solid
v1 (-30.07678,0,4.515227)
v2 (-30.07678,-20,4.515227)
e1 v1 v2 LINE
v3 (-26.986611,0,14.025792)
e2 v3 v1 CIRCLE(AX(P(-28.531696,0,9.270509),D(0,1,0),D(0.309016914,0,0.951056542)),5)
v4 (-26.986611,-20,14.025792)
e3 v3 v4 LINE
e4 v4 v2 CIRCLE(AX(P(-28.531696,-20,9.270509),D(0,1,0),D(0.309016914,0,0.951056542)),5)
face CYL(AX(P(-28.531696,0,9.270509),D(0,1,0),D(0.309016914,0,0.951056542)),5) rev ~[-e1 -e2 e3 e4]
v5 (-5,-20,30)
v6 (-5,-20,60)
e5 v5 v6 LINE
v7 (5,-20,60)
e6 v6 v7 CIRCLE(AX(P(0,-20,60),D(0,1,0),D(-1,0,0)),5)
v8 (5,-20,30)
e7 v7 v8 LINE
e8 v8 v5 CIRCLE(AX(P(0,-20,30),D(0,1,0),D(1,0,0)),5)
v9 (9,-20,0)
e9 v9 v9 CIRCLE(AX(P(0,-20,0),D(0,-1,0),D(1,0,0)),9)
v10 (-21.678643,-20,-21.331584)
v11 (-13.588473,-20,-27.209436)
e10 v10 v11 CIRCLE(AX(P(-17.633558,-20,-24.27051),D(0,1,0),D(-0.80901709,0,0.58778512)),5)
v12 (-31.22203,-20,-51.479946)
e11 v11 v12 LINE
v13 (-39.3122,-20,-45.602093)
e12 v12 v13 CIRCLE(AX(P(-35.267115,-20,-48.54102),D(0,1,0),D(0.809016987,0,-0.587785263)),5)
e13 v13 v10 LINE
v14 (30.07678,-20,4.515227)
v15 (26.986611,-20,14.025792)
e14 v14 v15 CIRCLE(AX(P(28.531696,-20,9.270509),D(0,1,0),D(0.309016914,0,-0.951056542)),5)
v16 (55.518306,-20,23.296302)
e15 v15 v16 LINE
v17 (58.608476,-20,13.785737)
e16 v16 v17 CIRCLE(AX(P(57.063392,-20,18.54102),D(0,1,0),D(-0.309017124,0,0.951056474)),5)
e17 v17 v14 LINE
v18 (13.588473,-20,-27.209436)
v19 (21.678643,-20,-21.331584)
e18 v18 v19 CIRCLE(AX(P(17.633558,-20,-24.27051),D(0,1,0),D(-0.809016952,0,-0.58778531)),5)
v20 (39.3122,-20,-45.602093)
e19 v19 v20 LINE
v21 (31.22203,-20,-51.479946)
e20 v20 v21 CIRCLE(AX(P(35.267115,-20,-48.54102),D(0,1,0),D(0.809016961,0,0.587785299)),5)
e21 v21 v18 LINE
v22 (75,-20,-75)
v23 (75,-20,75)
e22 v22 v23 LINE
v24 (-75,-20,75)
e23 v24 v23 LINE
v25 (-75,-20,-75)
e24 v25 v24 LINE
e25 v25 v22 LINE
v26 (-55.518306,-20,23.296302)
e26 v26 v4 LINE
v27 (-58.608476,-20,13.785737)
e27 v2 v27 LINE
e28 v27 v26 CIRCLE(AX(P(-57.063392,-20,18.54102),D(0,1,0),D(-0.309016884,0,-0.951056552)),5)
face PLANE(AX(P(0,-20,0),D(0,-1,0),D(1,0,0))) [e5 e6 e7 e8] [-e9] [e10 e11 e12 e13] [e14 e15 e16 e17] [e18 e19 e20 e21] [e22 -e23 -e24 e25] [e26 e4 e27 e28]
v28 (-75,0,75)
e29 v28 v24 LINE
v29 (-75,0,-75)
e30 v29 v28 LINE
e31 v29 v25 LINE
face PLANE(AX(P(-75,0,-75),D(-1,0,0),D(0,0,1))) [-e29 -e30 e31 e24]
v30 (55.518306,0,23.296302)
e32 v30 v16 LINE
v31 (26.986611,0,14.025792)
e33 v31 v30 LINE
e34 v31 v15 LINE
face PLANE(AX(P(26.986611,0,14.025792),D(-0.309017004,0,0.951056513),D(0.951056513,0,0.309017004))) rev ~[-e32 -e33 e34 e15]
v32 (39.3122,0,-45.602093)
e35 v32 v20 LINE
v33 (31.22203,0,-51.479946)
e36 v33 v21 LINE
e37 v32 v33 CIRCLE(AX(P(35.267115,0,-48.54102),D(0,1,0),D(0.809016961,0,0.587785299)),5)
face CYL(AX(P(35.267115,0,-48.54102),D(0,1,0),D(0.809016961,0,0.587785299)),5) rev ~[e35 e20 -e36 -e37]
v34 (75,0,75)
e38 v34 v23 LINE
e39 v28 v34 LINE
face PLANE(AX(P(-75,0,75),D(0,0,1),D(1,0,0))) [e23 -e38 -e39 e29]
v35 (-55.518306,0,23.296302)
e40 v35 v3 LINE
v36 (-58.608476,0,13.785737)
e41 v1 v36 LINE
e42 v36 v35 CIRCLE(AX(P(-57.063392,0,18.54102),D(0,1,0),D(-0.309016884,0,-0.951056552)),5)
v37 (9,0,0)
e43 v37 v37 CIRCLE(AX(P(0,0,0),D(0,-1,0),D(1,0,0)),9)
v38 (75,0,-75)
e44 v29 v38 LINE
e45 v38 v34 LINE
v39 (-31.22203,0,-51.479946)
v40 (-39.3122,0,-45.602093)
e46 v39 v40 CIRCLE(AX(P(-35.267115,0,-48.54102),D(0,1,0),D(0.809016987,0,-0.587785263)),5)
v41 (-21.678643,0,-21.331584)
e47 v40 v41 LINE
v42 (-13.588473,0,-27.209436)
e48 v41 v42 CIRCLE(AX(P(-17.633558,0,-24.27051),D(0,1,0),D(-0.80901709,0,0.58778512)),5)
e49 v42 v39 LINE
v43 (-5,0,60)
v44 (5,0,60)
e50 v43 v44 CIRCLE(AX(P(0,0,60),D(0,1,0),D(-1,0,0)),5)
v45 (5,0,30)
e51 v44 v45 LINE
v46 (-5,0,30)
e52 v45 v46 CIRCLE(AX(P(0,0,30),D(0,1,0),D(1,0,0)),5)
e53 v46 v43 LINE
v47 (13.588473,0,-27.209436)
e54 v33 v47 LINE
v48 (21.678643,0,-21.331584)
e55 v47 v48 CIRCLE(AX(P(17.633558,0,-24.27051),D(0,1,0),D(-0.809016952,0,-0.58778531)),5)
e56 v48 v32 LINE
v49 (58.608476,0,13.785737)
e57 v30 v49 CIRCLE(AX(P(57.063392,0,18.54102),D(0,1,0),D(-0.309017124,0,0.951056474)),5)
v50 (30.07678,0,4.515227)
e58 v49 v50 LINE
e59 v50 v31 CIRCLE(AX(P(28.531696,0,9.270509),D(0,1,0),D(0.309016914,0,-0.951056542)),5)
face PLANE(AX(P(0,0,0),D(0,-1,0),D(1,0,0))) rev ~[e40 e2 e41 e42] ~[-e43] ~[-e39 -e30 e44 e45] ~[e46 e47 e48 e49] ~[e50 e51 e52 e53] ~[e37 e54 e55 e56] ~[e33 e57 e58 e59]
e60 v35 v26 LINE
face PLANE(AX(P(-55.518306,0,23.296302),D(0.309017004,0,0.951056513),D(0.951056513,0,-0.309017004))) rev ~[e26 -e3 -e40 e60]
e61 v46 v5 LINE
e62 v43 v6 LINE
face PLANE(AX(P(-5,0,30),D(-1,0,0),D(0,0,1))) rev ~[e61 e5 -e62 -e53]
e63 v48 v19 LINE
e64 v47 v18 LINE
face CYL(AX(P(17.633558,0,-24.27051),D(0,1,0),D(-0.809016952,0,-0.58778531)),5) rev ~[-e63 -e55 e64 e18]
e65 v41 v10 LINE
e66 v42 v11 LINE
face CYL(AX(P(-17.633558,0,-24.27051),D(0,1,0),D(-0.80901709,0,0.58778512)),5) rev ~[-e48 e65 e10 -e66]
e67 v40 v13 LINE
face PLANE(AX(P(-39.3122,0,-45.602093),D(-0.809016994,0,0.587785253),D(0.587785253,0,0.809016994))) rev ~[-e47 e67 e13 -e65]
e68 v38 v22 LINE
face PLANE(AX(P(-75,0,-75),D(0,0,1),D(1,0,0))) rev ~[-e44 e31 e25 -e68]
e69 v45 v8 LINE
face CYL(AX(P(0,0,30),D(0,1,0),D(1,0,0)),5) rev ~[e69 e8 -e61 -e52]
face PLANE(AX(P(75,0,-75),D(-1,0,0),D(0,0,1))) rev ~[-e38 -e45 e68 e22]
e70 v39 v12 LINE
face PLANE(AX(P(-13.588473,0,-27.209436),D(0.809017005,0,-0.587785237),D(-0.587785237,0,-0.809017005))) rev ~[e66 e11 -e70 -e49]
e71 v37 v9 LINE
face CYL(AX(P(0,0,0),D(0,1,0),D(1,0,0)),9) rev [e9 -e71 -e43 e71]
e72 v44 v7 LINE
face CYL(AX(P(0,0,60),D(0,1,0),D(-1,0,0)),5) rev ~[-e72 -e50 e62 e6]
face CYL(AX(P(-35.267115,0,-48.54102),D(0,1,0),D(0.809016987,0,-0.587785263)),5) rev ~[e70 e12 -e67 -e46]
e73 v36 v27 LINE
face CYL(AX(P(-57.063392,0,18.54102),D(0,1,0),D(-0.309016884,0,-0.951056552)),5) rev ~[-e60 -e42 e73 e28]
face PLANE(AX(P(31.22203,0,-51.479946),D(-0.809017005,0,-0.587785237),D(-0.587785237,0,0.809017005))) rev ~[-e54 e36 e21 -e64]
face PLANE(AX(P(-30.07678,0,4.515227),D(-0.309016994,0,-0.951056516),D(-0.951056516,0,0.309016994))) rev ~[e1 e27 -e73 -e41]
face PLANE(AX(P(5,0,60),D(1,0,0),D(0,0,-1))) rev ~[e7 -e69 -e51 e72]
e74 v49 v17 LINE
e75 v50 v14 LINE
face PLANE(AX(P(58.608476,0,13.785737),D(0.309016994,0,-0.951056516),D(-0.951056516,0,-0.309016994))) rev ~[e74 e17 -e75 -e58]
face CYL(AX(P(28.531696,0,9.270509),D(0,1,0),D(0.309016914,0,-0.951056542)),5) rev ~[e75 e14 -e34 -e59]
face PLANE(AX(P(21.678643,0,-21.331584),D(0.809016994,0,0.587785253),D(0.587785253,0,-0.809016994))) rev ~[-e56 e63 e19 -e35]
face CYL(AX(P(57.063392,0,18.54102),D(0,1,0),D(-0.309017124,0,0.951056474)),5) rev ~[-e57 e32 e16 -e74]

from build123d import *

# Parameters (mm, degrees)
F0_W     = 150
F0_H     = 150
F0_R     = 9
F1_DEPTH = 20


with BuildPart() as f1:
    # F0 (on Front) → F1 (new body)
    with BuildSketch(Plane.XZ):
        Rectangle(F0_W, F0_H)
        with BuildLine():
            ThreePointArc((-31.22203, -51.479946), (-38.206041, -52.586105), (-39.3122, -45.602093))
            Line((-39.3122, -45.602093), (-21.678643, -21.331584))
            ThreePointArc((-21.678643, -21.331584), (-14.694631, -20.225425), (-13.588473, -27.209436))
            Line((-13.588473, -27.209436), (-31.22203, -51.479946))
        make_face(mode=Mode.SUBTRACT)
        with BuildLine():
            ThreePointArc((39.3122, -45.602093), (38.206041, -52.586105), (31.22203, -51.479946))
            Line((31.22203, -51.479946), (13.588473, -27.209436))
            ThreePointArc((13.588473, -27.209436), (14.694631, -20.225425), (21.678643, -21.331584))
            Line((21.678643, -21.331584), (39.3122, -45.602093))
        make_face(mode=Mode.SUBTRACT)
        with BuildLine():
            ThreePointArc((-58.608476, 13.785737), (-61.818674, 20.086105), (-55.518306, 23.296302))
            Line((-55.518306, 23.296302), (-26.986611, 14.025792))
            ThreePointArc((-26.986611, 14.025792), (-23.776413, 7.725425), (-30.07678, 4.515227))
            Line((-30.07678, 4.515227), (-58.608476, 13.785737))
        make_face(mode=Mode.SUBTRACT)
        Circle(F0_R, mode=Mode.SUBTRACT)
        with BuildLine():
            ThreePointArc((55.518306, 23.296302), (61.818674, 20.086105), (58.608476, 13.785737))
            Line((58.608476, 13.785737), (30.07678, 4.515227))
            ThreePointArc((30.07678, 4.515227), (23.776413, 7.725425), (26.986611, 14.025792))
            Line((26.986611, 14.025792), (55.518306, 23.296302))
        make_face(mode=Mode.SUBTRACT)
        with BuildLine():
            Line((-5, 30), (-5, 60))
            ThreePointArc((-5, 60), (0, 65), (5, 60))
            Line((5, 60), (5, 30))
            ThreePointArc((5, 30), (0, 25), (-5, 30))
        make_face(mode=Mode.SUBTRACT)
    extrude(amount=F1_DEPTH)


solid = f1.part
